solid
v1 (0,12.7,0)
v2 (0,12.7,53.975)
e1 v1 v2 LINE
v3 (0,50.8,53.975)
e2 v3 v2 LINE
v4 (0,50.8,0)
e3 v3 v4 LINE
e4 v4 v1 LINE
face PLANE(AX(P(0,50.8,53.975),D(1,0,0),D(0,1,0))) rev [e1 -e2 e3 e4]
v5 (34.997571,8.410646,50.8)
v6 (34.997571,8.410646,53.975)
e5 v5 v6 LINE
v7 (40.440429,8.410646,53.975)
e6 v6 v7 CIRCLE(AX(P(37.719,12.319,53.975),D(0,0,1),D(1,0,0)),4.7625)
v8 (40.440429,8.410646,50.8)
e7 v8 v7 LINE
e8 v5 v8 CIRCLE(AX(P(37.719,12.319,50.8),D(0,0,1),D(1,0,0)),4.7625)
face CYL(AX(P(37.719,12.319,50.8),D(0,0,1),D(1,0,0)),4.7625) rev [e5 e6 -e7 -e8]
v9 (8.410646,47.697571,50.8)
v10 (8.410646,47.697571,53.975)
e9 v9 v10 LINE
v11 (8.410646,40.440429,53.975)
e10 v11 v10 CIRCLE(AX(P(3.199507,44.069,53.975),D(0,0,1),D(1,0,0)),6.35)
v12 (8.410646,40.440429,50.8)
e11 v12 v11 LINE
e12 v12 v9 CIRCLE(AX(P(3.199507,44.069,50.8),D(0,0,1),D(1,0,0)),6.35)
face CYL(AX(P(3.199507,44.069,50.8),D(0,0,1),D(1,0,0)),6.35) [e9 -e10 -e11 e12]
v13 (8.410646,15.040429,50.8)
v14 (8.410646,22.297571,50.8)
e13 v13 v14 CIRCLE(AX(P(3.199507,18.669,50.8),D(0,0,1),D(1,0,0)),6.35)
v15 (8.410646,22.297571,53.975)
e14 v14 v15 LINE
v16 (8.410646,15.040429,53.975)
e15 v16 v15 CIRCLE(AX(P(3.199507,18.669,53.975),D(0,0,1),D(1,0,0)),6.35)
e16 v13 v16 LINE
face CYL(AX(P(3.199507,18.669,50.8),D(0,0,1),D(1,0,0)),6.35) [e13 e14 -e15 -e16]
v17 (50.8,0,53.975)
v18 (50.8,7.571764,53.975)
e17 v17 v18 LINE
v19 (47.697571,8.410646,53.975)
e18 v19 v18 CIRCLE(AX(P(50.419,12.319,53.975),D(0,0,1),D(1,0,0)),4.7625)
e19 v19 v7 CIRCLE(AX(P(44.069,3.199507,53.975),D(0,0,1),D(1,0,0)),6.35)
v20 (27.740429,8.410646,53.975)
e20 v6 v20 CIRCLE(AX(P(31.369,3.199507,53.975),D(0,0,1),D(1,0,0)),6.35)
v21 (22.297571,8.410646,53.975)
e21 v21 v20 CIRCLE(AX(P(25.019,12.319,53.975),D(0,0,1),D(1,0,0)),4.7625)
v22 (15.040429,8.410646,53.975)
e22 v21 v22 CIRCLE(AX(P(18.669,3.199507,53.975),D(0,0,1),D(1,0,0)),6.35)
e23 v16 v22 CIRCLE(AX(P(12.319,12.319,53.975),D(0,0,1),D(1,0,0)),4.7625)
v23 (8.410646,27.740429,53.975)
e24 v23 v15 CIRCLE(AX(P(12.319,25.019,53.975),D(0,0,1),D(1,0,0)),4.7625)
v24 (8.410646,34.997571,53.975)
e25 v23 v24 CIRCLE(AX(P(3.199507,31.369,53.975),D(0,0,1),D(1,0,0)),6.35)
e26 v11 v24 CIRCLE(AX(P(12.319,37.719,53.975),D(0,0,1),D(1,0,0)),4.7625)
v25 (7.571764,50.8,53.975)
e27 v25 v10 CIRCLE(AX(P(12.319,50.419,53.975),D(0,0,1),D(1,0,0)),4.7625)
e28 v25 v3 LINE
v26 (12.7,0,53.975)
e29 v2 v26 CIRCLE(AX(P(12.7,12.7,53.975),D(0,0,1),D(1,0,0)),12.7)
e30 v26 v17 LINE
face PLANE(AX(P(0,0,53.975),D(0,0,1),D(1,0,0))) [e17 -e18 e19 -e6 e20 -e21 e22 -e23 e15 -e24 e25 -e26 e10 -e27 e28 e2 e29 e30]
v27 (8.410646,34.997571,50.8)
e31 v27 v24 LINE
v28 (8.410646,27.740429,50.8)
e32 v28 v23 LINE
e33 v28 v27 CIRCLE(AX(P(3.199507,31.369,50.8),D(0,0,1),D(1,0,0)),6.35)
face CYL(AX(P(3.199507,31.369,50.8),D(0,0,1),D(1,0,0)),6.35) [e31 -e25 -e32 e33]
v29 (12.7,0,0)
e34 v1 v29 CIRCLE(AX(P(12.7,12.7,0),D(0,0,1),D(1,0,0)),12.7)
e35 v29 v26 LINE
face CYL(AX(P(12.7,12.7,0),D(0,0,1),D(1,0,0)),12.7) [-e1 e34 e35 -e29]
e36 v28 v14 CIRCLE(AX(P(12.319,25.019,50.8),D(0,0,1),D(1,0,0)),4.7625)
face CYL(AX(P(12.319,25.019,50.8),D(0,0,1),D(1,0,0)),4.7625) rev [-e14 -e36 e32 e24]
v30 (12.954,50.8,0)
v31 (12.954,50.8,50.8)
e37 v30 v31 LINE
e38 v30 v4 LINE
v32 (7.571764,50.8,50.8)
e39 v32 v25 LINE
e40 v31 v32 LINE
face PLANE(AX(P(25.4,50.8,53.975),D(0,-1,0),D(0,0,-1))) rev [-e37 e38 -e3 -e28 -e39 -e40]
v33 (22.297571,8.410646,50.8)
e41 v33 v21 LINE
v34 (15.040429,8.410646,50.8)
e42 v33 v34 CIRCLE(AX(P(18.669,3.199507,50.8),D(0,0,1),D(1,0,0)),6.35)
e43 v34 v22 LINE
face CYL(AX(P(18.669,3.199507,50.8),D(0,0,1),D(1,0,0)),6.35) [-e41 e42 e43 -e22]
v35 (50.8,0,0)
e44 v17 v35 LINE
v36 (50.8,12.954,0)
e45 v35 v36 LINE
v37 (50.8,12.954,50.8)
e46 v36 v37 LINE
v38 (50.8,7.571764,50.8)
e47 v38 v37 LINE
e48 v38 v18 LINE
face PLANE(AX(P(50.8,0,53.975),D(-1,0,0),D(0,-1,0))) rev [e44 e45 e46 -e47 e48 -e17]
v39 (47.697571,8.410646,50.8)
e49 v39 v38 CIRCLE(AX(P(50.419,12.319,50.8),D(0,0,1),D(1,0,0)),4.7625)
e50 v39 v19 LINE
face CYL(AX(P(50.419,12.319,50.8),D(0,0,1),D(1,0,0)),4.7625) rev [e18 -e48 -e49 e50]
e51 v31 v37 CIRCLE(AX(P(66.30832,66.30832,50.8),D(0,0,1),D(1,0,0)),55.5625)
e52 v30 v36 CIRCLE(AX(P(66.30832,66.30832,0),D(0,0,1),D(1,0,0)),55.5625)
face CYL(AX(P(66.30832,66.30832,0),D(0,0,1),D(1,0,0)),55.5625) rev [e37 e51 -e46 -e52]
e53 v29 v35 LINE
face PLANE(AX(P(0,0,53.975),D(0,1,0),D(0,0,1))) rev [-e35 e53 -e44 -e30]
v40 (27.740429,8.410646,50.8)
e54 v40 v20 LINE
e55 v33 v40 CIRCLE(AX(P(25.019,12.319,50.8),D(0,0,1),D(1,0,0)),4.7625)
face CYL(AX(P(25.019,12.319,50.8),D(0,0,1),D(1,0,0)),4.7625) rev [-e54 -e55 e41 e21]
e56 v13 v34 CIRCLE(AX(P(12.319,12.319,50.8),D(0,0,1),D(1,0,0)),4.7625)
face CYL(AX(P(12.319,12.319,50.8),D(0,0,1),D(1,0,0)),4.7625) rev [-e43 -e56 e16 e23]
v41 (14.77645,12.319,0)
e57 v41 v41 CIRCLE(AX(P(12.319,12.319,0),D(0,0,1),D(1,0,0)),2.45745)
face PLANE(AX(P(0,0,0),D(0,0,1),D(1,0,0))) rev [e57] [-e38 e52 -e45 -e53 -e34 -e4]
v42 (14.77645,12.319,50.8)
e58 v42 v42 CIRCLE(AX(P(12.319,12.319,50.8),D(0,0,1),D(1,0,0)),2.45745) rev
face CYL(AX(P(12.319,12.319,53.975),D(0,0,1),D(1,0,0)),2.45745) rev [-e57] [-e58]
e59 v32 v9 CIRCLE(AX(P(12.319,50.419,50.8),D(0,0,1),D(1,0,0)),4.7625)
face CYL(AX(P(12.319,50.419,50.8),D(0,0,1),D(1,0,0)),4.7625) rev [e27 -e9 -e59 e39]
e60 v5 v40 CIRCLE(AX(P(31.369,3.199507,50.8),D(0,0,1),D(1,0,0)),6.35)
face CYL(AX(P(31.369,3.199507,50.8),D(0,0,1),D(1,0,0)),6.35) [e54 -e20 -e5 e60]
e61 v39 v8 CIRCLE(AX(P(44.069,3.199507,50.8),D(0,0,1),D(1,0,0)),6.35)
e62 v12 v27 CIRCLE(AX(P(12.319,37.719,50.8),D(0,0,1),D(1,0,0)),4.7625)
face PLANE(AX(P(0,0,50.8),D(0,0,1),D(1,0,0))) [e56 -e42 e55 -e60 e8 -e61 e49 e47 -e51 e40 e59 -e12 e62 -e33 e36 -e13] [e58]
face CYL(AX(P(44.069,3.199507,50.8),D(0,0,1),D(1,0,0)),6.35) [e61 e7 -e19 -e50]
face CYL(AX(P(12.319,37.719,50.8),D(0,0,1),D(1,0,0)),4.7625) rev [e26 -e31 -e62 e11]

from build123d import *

# Parameters (mm, degrees)
BOSS_EXTRUDE1_DEPTH          = 53.975
F_10_0_1935_DIAMETER_HOLE1_D = 4.9149
CUT_EXTRUDE2_DEPTH           = 90.858670283
CUT_EXTRUDE3_START           = -3.175
SKETCH4_4_R                  = 2.45745
CUT_EXTRUDE3_DEPTH           = 3.175
CUT_EXTRUDE5_DEPTH           = 88.988181024
EXTRUDE_THIN1_DEPTH          = 50.8


with BuildPart() as part:
    # Sketch1 → Boss-Extrude1 (new body)
    with BuildSketch(Plane.XY):
        Polygon((0, 0), (50.8, 0), (50.8, 25.4), (25.4, 25.4), (25.4, 50.8), (0, 50.8), align=None)
    extrude(amount=BOSS_EXTRUDE1_DEPTH)

    # #10 (0.1935) Diameter Hole1 (through all)
    with Locations(Plane(origin=(12.319, 12.319, 53.975), x_dir=(1, 0, 0), z_dir=(0, 0, 1))):
        with Locations((0, 0)):
            Hole(F_10_0_1935_DIAMETER_HOLE1_D / 2)

    # Sketch4 → Cut-Extrude2 (cut, through all)
    with BuildSketch(Plane.XY.offset(53.975)):
        with BuildLine():
            ThreePointArc((12.7, 0), (3.719743879, 3.719743879), (0, 12.7))
            Line((0, 12.7), (0, 0))
            Line((0, 0), (12.7, 0))
        make_face()
    extrude(amount=-CUT_EXTRUDE2_DEPTH, mode=Mode.SUBTRACT)

    # Sketch4<4> → Cut-Extrude3 (cut)
    with BuildSketch(Plane.XY.offset(53.975).offset(CUT_EXTRUDE3_START)):
        with BuildLine():
            Line((25.4, 50.8), (7.571764462, 50.8))
            ThreePointArc((7.571764462, 50.8), (7.721601354, 49.175886193), (8.410645771, 47.697571429))
            ThreePointArc((8.410645771, 47.697571429), (9.549506799, 44.069), (8.410645771, 40.440428571))
            ThreePointArc((8.410645771, 40.440428571), (7.5565, 37.719), (8.410645771, 34.997571429))
            ThreePointArc((8.410645771, 34.997571429), (9.549506799, 31.369), (8.410645771, 27.740428571))
            ThreePointArc((8.410645771, 27.740428571), (7.5565, 25.019), (8.410645771, 22.297571429))
            ThreePointArc((8.410645771, 22.297571429), (9.549506799, 18.669), (8.410645771, 15.040428571))
            ThreePointArc((8.410645771, 15.040428571), (8.951403955, 8.951403955), (15.040428571, 8.410645771))
            ThreePointArc((15.040428571, 8.410645771), (16.767452272, 9.258105336), (18.669, 9.549506799))
            ThreePointArc((18.669, 9.549506799), (20.570547728, 9.258105336), (22.297571429, 8.410645771))
            ThreePointArc((22.297571429, 8.410645771), (25.019, 7.5565), (27.740428571, 8.410645771))
            ThreePointArc((27.740428571, 8.410645771), (29.467452272, 9.258105336), (31.369, 9.549506799))
            ThreePointArc((31.369, 9.549506799), (33.270547728, 9.258105336), (34.997571429, 8.410645771))
            ThreePointArc((34.997571429, 8.410645771), (37.719, 7.5565), (40.440428571, 8.410645771))
            ThreePointArc((40.440428571, 8.410645771), (42.167452272, 9.258105336), (44.069, 9.549506799))
            ThreePointArc((44.069, 9.549506799), (45.970547728, 9.258105336), (47.697571429, 8.410645771))
            ThreePointArc((47.697571429, 8.410645771), (49.175886193, 7.721601354), (50.8, 7.571764462))
            Line((50.8, 7.571764462), (50.8, 25.4))
            Line((50.8, 25.4), (25.4, 25.4))
            Line((25.4, 25.4), (25.4, 50.8))
        make_face()
        with Locations((12.319, 12.319)):
            Circle(SKETCH4_4_R, mode=Mode.SUBTRACT)
    extrude(amount=CUT_EXTRUDE3_DEPTH, mode=Mode.SUBTRACT)

    # Sketch7 → Cut-Extrude5 (cut, through all)
    with BuildSketch(Plane.XY.offset(50.8)):
        with BuildLine():
            Line((25.4, 50.8), (12.954, 50.8))
            ThreePointArc((12.954, 50.8), (17.900023052, 39.035105247), (25.4, 28.709107069))
            Line((25.4, 28.709107069), (25.4, 50.8))
        make_face()
        with BuildLine():
            Line((50.8, 25.4), (28.709107069, 25.4))
            ThreePointArc((28.709107069, 25.4), (39.035105247, 17.900023052), (50.8, 12.954))
            Line((50.8, 12.954), (50.8, 25.4))
        make_face()
    extrude(amount=-CUT_EXTRUDE5_DEPTH, mode=Mode.SUBTRACT)

    # Sketch8 → Extrude-Thin1 (add)
    with BuildSketch(Plane.XY.offset(50.8)):
        with BuildLine():
            ThreePointArc((25.4, 28.709107069), (27.019699139, 27.019699139), (28.709107069, 25.4))
            Line((28.709107069, 25.4), (26.990285921, 23.529905387))
            ThreePointArc((26.990285921, 23.529905387), (25.223647915, 25.223647915), (23.529905387, 26.990285921))
            Line((23.529905387, 26.990285921), (25.4, 28.709107069))
        make_face()
    extrude(amount=-EXTRUDE_THIN1_DEPTH)


solid = part.part
